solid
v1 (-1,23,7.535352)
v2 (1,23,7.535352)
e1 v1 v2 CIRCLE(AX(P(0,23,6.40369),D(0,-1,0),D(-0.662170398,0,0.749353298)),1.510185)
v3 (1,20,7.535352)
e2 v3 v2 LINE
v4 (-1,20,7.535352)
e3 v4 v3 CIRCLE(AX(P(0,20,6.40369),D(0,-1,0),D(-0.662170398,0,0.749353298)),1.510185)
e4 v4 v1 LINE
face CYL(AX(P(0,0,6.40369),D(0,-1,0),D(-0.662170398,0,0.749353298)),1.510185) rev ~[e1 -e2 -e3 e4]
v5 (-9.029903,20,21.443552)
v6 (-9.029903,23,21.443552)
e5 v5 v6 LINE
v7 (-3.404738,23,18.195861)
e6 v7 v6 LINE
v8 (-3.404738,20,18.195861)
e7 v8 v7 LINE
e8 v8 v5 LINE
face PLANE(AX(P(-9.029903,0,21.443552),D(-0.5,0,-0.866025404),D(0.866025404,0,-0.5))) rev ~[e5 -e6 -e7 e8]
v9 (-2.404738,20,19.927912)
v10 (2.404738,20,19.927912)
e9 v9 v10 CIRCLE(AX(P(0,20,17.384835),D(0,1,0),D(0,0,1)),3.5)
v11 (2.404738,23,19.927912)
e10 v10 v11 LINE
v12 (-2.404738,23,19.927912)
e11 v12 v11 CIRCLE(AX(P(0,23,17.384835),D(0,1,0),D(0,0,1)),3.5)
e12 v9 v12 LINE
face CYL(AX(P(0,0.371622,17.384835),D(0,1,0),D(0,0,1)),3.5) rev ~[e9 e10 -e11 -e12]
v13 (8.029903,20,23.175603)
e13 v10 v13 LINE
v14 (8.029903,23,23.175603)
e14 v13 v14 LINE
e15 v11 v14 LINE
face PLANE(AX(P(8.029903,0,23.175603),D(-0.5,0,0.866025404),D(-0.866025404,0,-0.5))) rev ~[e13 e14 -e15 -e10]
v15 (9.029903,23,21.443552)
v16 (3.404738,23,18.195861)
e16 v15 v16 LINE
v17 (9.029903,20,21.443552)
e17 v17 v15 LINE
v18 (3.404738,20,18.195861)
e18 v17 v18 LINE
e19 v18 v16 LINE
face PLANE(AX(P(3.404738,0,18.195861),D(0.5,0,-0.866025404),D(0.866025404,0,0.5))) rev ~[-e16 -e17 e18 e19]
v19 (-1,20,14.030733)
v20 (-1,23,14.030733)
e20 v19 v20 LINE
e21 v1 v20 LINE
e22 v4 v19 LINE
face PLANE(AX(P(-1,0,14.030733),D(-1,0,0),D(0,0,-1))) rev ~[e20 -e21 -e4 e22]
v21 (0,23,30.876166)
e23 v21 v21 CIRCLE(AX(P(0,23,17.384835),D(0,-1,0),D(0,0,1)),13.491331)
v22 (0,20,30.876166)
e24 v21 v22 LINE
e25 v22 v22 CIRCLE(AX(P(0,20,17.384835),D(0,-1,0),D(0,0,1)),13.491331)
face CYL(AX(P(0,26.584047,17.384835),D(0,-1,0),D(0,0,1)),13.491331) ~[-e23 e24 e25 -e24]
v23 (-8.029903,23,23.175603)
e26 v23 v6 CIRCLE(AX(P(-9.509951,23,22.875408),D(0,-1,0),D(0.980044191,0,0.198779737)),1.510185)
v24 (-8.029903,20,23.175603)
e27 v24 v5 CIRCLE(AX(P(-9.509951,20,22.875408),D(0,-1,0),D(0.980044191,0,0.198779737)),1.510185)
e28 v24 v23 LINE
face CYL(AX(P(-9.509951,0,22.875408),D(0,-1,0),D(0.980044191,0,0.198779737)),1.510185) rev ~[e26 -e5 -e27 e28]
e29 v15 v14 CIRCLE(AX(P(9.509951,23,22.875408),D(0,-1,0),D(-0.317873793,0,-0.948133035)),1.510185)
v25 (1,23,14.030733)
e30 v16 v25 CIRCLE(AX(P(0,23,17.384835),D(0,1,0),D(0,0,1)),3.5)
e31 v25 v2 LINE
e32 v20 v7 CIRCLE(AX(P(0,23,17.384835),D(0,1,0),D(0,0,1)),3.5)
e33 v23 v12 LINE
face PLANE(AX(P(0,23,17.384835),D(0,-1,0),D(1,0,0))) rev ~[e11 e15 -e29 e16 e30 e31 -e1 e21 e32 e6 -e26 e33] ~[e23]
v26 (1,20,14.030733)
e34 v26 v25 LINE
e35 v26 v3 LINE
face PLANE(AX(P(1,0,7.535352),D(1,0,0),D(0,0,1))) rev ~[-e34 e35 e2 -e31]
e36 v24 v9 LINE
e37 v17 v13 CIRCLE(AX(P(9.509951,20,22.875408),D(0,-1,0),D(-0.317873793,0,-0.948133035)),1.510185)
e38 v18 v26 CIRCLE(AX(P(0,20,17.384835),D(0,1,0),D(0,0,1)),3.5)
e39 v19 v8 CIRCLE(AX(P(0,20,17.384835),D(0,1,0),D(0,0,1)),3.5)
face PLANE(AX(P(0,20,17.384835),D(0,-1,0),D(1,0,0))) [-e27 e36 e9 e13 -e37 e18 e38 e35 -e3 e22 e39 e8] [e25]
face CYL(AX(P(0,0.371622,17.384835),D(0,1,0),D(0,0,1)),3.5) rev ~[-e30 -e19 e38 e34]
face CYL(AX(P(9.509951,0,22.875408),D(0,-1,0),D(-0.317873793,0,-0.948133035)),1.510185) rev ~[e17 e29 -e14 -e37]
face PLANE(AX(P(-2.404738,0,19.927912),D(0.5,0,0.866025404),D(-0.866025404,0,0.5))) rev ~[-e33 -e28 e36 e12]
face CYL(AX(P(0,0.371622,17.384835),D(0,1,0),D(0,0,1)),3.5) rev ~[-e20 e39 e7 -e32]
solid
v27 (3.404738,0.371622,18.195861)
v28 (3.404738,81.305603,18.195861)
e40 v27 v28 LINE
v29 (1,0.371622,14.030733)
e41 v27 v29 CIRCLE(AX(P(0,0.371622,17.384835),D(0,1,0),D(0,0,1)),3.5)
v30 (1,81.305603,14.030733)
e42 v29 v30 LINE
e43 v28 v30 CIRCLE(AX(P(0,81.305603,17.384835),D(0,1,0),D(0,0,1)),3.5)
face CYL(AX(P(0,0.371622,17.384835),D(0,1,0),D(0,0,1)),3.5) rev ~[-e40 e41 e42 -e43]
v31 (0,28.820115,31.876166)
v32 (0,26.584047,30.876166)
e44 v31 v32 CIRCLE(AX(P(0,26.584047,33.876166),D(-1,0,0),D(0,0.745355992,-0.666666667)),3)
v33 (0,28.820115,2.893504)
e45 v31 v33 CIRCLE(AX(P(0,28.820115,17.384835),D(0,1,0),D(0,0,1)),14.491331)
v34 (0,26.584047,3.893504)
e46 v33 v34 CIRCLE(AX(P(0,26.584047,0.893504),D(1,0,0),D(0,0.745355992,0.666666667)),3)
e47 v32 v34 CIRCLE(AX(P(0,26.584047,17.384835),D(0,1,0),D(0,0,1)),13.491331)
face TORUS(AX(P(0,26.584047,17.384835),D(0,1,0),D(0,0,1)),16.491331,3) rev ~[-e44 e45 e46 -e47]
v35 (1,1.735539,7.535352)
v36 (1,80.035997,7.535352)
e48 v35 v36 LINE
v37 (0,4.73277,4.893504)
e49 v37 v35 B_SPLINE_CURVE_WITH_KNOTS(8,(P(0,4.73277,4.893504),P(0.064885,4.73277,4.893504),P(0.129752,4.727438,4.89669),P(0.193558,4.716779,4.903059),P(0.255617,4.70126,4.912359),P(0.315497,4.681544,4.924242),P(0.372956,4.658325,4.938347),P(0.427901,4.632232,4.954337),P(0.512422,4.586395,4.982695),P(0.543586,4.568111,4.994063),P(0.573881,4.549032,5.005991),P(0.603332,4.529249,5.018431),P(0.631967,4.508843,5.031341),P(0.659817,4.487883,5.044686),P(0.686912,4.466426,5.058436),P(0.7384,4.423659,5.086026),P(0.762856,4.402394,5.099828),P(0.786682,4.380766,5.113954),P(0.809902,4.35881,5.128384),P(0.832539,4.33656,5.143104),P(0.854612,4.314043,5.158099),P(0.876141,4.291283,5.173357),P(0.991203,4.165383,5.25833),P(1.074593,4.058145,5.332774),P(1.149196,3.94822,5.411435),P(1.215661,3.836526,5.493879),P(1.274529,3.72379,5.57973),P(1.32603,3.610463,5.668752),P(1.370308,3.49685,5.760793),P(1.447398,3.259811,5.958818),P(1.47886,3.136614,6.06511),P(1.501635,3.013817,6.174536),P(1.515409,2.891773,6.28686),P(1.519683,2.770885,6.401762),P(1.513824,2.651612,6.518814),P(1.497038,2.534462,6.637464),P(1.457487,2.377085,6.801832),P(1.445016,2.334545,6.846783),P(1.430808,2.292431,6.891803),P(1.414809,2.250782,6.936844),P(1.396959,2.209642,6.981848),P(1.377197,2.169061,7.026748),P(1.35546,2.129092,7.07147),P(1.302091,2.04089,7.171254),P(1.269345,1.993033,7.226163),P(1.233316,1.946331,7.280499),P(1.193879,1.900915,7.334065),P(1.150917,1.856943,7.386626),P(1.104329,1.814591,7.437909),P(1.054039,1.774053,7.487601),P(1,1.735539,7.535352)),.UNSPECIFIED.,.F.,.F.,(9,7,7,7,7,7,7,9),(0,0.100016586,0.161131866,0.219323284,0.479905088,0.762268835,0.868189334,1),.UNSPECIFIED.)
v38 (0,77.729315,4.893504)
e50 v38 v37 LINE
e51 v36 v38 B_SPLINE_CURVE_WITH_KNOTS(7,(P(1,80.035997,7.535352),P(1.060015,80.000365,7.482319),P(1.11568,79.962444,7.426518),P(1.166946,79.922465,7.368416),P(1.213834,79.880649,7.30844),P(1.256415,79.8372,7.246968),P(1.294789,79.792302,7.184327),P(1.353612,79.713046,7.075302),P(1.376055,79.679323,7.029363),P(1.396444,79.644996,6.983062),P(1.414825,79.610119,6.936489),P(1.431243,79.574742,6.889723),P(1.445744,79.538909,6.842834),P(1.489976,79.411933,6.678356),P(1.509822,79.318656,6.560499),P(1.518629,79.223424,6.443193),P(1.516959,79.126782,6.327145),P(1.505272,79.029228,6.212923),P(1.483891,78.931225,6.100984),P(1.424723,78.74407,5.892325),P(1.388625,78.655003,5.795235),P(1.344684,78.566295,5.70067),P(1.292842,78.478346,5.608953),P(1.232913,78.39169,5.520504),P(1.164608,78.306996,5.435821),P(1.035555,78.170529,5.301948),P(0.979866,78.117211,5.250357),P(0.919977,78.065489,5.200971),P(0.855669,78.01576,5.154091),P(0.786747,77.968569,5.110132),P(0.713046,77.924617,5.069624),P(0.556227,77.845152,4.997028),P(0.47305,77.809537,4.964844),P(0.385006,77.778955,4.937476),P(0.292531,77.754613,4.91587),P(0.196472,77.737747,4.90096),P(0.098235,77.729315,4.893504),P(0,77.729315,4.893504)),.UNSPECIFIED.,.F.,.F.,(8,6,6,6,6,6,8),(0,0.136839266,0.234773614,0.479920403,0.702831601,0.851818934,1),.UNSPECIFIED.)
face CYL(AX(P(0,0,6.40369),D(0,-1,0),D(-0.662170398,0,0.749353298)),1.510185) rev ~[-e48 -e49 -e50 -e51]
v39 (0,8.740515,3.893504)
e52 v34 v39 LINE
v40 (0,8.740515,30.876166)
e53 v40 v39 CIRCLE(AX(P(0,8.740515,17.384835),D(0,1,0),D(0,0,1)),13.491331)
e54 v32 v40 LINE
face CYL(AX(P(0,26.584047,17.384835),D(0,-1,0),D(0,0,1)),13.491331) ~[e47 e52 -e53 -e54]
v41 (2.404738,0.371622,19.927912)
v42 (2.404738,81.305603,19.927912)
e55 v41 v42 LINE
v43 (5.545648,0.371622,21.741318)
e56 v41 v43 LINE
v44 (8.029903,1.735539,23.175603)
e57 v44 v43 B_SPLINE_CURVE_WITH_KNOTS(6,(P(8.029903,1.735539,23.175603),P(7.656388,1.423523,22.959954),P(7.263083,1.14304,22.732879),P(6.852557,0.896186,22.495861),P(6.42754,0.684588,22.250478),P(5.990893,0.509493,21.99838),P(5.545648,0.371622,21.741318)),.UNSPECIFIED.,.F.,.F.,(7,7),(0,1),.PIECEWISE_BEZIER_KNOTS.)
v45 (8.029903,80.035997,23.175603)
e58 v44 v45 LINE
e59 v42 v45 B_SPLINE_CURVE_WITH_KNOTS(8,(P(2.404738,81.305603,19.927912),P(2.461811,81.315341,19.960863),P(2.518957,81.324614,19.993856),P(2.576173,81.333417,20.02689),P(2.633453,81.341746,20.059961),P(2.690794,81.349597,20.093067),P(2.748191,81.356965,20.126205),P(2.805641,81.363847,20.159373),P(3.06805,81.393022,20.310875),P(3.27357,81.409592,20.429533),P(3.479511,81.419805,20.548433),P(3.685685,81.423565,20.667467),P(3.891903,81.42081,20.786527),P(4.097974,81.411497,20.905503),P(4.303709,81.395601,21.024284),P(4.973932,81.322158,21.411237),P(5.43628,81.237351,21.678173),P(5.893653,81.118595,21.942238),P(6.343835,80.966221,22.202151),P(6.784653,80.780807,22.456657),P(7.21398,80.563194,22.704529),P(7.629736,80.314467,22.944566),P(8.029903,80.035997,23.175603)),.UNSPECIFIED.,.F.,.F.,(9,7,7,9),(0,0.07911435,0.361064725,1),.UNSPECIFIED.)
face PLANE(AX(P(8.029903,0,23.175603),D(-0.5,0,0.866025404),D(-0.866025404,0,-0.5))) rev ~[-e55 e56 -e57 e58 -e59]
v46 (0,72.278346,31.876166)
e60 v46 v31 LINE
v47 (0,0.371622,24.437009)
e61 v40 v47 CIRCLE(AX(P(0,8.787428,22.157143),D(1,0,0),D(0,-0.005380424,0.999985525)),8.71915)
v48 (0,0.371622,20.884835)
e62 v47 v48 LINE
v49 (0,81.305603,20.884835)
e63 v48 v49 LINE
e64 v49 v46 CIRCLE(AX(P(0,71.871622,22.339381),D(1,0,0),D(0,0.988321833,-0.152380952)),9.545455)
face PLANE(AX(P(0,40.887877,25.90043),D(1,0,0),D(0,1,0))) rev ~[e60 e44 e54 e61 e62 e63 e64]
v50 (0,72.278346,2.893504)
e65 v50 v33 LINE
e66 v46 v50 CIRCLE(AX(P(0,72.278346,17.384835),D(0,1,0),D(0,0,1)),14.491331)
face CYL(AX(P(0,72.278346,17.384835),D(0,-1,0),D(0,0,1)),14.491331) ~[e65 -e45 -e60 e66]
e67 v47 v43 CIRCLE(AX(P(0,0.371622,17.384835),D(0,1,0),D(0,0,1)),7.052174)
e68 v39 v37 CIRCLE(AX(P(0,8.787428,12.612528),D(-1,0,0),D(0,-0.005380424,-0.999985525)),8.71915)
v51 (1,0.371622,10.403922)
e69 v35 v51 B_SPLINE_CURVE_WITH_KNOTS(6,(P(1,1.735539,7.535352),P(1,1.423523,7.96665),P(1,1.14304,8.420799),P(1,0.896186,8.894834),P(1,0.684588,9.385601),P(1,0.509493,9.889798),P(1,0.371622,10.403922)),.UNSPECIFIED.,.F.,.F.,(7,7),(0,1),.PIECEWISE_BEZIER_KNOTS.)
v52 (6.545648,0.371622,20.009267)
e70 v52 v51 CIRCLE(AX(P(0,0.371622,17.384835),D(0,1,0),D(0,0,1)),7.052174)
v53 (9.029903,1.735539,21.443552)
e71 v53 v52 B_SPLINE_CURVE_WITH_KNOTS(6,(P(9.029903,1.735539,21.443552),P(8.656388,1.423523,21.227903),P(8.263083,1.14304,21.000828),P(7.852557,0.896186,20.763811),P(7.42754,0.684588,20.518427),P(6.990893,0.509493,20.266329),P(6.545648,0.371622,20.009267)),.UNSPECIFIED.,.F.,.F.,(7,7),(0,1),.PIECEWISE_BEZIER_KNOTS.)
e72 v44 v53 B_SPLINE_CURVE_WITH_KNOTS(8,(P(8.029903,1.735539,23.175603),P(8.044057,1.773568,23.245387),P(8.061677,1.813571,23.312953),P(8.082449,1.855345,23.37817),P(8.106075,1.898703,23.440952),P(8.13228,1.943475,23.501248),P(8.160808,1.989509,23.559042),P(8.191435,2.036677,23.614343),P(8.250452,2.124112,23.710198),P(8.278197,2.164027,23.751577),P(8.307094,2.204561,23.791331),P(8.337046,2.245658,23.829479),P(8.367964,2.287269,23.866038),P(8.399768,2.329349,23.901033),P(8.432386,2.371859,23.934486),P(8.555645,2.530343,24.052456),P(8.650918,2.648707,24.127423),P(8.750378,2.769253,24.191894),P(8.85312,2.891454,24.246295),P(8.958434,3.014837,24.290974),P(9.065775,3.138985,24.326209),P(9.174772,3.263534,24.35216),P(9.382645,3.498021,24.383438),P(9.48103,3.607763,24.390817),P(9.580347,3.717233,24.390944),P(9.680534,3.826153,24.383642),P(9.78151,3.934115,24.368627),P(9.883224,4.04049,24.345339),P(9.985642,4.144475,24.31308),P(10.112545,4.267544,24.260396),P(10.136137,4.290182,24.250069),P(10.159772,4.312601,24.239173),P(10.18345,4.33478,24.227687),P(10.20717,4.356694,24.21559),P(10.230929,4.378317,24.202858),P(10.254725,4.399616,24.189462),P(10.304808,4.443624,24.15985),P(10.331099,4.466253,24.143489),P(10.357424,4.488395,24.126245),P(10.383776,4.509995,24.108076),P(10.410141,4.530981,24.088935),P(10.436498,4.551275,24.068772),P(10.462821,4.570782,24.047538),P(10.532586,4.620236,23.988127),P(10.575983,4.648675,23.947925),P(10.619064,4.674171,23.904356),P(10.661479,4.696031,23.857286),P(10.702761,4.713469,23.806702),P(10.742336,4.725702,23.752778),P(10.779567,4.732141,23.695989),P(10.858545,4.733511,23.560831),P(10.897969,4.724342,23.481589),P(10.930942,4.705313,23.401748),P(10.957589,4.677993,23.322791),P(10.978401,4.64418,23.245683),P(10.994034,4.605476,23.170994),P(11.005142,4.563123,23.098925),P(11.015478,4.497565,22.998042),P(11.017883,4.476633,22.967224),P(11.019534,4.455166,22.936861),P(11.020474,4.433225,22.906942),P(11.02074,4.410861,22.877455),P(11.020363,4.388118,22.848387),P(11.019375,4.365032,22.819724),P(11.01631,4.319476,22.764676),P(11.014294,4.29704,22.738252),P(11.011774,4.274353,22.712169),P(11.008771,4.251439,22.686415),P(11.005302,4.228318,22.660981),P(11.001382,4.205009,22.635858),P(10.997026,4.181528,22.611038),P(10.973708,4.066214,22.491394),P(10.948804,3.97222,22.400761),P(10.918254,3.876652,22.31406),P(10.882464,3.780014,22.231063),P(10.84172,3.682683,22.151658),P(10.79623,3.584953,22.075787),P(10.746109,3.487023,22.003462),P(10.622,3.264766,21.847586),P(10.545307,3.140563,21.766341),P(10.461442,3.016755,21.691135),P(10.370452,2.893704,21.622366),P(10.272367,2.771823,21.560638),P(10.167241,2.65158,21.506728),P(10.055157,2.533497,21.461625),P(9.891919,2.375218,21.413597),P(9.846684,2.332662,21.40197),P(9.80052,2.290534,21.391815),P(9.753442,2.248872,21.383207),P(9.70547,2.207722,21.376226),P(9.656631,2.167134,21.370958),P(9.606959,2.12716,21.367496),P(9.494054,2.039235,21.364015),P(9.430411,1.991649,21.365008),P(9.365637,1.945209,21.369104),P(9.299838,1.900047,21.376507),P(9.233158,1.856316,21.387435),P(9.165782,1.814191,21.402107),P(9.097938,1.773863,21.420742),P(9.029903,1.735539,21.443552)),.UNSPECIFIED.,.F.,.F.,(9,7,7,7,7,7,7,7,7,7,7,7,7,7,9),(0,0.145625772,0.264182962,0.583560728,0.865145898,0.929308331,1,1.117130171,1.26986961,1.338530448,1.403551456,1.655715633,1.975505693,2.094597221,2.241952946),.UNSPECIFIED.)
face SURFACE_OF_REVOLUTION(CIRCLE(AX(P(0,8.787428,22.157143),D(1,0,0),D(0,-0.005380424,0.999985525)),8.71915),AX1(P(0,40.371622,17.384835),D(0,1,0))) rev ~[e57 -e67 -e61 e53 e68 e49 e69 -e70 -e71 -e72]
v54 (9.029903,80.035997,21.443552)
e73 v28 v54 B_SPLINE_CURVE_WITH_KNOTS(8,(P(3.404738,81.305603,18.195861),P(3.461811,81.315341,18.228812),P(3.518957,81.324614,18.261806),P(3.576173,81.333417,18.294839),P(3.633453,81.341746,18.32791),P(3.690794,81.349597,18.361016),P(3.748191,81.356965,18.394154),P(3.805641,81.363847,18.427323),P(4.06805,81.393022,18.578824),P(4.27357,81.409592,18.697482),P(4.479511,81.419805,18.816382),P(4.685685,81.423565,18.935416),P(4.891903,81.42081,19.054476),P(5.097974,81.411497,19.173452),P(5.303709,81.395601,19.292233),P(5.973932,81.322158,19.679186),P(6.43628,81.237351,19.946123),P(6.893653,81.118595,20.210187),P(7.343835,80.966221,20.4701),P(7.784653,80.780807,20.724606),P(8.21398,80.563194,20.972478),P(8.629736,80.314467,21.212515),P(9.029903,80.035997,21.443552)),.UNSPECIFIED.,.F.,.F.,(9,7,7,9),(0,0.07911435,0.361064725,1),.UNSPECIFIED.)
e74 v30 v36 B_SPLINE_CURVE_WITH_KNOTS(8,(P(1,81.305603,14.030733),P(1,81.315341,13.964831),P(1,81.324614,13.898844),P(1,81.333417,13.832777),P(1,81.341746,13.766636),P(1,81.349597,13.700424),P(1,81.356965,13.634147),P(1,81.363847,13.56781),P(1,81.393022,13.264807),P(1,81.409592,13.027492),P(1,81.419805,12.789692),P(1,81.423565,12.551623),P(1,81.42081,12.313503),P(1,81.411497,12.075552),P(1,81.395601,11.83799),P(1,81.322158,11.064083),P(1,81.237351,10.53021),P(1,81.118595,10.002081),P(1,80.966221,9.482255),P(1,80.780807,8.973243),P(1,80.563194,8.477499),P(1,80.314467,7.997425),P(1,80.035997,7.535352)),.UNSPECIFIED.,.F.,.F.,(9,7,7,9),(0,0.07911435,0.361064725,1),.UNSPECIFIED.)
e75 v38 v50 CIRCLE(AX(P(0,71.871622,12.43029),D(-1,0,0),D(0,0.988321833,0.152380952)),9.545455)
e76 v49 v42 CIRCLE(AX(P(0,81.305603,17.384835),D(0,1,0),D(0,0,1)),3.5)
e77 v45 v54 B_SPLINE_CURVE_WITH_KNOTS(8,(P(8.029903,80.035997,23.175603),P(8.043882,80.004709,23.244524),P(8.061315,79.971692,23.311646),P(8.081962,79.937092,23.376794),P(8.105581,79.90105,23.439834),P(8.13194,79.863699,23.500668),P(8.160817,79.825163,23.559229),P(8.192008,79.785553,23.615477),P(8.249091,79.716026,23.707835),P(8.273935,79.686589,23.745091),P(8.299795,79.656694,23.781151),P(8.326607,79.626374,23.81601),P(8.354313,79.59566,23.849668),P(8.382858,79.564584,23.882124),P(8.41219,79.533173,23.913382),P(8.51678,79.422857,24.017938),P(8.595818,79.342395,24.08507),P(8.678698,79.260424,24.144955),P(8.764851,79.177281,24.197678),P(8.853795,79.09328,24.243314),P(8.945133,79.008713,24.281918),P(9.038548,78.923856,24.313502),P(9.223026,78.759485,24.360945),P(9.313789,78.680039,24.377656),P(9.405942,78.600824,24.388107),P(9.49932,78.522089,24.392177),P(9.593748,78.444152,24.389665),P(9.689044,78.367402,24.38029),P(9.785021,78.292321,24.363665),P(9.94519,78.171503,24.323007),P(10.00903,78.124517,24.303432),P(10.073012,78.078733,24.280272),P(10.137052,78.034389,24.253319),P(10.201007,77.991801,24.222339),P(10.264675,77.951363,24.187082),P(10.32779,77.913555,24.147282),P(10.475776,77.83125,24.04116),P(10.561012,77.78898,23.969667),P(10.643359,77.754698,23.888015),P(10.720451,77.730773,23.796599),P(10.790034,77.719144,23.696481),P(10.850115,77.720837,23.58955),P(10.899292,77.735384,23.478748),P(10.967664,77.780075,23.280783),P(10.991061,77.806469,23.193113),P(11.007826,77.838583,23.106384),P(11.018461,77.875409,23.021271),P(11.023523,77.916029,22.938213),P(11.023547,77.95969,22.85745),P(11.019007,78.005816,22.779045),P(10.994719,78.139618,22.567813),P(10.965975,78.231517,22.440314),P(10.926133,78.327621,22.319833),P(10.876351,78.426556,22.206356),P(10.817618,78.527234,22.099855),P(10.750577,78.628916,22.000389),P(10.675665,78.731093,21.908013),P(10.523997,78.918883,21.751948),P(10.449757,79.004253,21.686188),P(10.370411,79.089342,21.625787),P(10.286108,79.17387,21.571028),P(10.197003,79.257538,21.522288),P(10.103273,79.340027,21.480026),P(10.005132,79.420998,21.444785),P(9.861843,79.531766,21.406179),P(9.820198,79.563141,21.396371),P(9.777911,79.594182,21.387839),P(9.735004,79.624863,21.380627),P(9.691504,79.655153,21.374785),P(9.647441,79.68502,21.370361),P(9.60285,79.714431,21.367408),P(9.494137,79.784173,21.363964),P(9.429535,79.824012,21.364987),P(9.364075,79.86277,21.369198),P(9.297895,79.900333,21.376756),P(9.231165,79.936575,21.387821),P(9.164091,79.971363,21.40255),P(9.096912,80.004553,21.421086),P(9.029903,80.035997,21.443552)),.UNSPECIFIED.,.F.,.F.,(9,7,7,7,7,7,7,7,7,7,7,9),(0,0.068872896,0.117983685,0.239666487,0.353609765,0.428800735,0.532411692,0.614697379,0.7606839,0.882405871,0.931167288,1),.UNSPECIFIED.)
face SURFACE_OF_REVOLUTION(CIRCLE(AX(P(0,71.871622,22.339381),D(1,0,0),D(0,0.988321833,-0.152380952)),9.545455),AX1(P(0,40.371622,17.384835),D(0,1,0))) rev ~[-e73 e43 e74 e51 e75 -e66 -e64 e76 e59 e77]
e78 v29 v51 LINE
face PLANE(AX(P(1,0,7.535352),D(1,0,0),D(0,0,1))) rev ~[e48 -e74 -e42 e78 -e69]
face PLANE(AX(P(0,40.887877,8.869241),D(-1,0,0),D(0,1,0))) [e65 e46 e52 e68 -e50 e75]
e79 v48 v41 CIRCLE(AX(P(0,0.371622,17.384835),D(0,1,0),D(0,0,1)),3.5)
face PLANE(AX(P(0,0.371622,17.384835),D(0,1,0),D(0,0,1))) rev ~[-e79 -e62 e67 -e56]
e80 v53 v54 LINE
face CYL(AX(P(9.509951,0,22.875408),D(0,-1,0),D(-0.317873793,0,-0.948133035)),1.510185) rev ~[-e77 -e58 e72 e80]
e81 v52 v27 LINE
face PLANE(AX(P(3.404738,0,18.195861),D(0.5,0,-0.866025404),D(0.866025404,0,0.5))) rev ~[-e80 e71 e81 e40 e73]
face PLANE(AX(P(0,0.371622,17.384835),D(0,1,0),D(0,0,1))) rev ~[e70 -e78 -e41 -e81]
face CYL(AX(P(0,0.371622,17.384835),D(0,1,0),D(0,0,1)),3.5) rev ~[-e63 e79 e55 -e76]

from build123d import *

# Parameters (mm, degrees)
F4_ANGLE  = 180
F6_DEPTH  = 90
F8_COUNT  = 3
F12_START = -20
F11_R     = 13.4913344195
F12_DEPTH = 3


with BuildPart() as f4:
    # F3 (on Right) → F4 (revolve)
    with BuildSketch(Plane.YZ):
        with BuildLine():
            Line((0.3716222048, 20.884835436), (81.3056033368, 20.884835436))
            ThreePointArc((81.3056033368, 20.884835436), (79.2480851868, 28.3977219469), (72.2783456923, 31.8761664331))
            Line((72.2783456923, 31.8761664331), (28.8201148927, 31.8761664331))
            ThreePointArc((28.8201148927, 31.8761664331), (27.8087917866, 31.1375536456), (26.5840469152, 30.8761664331))
            Line((26.5840469152, 30.8761664331), (8.8330505692, 30.8761664331))
            Line((8.8330505692, 30.8761664331), (8.7405150061, 30.8761664331))
            ThreePointArc((8.7405150061, 30.8761664331), (3.470465515, 29.0675325384), (0.3716222048, 24.4370089889))
            Line((0.3716222048, 24.4370089889), (0.3716222048, 20.884835436))
        make_face()
    revolve(axis=Axis((0, 40.3716222048, 17.384835436), (0, 1, 0)), revolution_arc=F4_ANGLE)


with BuildPart() as f6:
    # F5 (on Front) → F6 (new body)
    with BuildSketch(Plane.XZ):
        with BuildLine():
            ThreePointArc((1, 14.0307334698), (0, 13.884835436), (-1, 14.0307334698))
            Line((-1, 14.0307334698), (-1, 7.5353520725))
            ThreePointArc((-1, 7.5353520725), (0, 4.893504439), (1, 7.5353520725))
            Line((1, 7.5353520725), (1, 14.0307334698))
        make_face()
    extrude(amount=-F6_DEPTH)


with BuildPart() as f8_1:
    # F8: instance of F6
    add(f6.part.rotate(Axis((0, 20.536005497, 17.384835436), (0, 1, 0)), 1 * 360 / F8_COUNT))


with BuildPart() as f8_2:
    # F8: instance of F6
    add(f6.part.rotate(Axis((0, 20.536005497, 17.384835436), (0, 1, 0)), 2 * 360 / F8_COUNT))


with BuildPart() as f4_1:
    add(f4.part)

    # F9: cut F6, F8_2
    add(f6.part, mode=Mode.SUBTRACT)
    add(f8_2.part, mode=Mode.SUBTRACT)


with BuildPart() as f10:
    # F3 (on Right) → F10 (revolve)
    with BuildSketch(Plane.YZ):
        with BuildLine():
            Line((0.3716222048, 20.884835436), (81.3056033368, 20.884835436))
            ThreePointArc((81.3056033368, 20.884835436), (79.2480851868, 28.3977219469), (72.2783456923, 31.8761664331))
            Line((72.2783456923, 31.8761664331), (28.8201148927, 31.8761664331))
            ThreePointArc((28.8201148927, 31.8761664331), (27.8087917866, 31.1375536456), (26.5840469152, 30.8761664331))
            Line((26.5840469152, 30.8761664331), (8.8330505692, 30.8761664331))
            Line((8.8330505692, 30.8761664331), (8.7405150061, 30.8761664331))
            ThreePointArc((8.7405150061, 30.8761664331), (3.470465515, 29.0675325384), (0.3716222048, 24.4370089889))
            Line((0.3716222048, 24.4370089889), (0.3716222048, 20.884835436))
        make_face()
    revolve(axis=Axis((0, 40.3716222048, 17.384835436), (0, 1, 0)))

    # F13: cut F6, F8_2, F8_1
    add(f6.part, mode=Mode.SUBTRACT)
    add(f8_2.part, mode=Mode.SUBTRACT)
    add(f8_1.part, mode=Mode.SUBTRACT)


with BuildPart() as f12:
    # F11 (on Front) → F12 (new body)
    with BuildSketch(Plane.XZ.offset(F12_START)):
        with Locations((0, 17.384835436)):
            Circle(F11_R)
    extrude(amount=-F12_DEPTH)


with BuildPart() as f10_1:
    add(f10.part)

    # F14: intersect F12
    add(f12.part, mode=Mode.INTERSECT)


solid = Compound([f4_1.part, f10_1.part])
